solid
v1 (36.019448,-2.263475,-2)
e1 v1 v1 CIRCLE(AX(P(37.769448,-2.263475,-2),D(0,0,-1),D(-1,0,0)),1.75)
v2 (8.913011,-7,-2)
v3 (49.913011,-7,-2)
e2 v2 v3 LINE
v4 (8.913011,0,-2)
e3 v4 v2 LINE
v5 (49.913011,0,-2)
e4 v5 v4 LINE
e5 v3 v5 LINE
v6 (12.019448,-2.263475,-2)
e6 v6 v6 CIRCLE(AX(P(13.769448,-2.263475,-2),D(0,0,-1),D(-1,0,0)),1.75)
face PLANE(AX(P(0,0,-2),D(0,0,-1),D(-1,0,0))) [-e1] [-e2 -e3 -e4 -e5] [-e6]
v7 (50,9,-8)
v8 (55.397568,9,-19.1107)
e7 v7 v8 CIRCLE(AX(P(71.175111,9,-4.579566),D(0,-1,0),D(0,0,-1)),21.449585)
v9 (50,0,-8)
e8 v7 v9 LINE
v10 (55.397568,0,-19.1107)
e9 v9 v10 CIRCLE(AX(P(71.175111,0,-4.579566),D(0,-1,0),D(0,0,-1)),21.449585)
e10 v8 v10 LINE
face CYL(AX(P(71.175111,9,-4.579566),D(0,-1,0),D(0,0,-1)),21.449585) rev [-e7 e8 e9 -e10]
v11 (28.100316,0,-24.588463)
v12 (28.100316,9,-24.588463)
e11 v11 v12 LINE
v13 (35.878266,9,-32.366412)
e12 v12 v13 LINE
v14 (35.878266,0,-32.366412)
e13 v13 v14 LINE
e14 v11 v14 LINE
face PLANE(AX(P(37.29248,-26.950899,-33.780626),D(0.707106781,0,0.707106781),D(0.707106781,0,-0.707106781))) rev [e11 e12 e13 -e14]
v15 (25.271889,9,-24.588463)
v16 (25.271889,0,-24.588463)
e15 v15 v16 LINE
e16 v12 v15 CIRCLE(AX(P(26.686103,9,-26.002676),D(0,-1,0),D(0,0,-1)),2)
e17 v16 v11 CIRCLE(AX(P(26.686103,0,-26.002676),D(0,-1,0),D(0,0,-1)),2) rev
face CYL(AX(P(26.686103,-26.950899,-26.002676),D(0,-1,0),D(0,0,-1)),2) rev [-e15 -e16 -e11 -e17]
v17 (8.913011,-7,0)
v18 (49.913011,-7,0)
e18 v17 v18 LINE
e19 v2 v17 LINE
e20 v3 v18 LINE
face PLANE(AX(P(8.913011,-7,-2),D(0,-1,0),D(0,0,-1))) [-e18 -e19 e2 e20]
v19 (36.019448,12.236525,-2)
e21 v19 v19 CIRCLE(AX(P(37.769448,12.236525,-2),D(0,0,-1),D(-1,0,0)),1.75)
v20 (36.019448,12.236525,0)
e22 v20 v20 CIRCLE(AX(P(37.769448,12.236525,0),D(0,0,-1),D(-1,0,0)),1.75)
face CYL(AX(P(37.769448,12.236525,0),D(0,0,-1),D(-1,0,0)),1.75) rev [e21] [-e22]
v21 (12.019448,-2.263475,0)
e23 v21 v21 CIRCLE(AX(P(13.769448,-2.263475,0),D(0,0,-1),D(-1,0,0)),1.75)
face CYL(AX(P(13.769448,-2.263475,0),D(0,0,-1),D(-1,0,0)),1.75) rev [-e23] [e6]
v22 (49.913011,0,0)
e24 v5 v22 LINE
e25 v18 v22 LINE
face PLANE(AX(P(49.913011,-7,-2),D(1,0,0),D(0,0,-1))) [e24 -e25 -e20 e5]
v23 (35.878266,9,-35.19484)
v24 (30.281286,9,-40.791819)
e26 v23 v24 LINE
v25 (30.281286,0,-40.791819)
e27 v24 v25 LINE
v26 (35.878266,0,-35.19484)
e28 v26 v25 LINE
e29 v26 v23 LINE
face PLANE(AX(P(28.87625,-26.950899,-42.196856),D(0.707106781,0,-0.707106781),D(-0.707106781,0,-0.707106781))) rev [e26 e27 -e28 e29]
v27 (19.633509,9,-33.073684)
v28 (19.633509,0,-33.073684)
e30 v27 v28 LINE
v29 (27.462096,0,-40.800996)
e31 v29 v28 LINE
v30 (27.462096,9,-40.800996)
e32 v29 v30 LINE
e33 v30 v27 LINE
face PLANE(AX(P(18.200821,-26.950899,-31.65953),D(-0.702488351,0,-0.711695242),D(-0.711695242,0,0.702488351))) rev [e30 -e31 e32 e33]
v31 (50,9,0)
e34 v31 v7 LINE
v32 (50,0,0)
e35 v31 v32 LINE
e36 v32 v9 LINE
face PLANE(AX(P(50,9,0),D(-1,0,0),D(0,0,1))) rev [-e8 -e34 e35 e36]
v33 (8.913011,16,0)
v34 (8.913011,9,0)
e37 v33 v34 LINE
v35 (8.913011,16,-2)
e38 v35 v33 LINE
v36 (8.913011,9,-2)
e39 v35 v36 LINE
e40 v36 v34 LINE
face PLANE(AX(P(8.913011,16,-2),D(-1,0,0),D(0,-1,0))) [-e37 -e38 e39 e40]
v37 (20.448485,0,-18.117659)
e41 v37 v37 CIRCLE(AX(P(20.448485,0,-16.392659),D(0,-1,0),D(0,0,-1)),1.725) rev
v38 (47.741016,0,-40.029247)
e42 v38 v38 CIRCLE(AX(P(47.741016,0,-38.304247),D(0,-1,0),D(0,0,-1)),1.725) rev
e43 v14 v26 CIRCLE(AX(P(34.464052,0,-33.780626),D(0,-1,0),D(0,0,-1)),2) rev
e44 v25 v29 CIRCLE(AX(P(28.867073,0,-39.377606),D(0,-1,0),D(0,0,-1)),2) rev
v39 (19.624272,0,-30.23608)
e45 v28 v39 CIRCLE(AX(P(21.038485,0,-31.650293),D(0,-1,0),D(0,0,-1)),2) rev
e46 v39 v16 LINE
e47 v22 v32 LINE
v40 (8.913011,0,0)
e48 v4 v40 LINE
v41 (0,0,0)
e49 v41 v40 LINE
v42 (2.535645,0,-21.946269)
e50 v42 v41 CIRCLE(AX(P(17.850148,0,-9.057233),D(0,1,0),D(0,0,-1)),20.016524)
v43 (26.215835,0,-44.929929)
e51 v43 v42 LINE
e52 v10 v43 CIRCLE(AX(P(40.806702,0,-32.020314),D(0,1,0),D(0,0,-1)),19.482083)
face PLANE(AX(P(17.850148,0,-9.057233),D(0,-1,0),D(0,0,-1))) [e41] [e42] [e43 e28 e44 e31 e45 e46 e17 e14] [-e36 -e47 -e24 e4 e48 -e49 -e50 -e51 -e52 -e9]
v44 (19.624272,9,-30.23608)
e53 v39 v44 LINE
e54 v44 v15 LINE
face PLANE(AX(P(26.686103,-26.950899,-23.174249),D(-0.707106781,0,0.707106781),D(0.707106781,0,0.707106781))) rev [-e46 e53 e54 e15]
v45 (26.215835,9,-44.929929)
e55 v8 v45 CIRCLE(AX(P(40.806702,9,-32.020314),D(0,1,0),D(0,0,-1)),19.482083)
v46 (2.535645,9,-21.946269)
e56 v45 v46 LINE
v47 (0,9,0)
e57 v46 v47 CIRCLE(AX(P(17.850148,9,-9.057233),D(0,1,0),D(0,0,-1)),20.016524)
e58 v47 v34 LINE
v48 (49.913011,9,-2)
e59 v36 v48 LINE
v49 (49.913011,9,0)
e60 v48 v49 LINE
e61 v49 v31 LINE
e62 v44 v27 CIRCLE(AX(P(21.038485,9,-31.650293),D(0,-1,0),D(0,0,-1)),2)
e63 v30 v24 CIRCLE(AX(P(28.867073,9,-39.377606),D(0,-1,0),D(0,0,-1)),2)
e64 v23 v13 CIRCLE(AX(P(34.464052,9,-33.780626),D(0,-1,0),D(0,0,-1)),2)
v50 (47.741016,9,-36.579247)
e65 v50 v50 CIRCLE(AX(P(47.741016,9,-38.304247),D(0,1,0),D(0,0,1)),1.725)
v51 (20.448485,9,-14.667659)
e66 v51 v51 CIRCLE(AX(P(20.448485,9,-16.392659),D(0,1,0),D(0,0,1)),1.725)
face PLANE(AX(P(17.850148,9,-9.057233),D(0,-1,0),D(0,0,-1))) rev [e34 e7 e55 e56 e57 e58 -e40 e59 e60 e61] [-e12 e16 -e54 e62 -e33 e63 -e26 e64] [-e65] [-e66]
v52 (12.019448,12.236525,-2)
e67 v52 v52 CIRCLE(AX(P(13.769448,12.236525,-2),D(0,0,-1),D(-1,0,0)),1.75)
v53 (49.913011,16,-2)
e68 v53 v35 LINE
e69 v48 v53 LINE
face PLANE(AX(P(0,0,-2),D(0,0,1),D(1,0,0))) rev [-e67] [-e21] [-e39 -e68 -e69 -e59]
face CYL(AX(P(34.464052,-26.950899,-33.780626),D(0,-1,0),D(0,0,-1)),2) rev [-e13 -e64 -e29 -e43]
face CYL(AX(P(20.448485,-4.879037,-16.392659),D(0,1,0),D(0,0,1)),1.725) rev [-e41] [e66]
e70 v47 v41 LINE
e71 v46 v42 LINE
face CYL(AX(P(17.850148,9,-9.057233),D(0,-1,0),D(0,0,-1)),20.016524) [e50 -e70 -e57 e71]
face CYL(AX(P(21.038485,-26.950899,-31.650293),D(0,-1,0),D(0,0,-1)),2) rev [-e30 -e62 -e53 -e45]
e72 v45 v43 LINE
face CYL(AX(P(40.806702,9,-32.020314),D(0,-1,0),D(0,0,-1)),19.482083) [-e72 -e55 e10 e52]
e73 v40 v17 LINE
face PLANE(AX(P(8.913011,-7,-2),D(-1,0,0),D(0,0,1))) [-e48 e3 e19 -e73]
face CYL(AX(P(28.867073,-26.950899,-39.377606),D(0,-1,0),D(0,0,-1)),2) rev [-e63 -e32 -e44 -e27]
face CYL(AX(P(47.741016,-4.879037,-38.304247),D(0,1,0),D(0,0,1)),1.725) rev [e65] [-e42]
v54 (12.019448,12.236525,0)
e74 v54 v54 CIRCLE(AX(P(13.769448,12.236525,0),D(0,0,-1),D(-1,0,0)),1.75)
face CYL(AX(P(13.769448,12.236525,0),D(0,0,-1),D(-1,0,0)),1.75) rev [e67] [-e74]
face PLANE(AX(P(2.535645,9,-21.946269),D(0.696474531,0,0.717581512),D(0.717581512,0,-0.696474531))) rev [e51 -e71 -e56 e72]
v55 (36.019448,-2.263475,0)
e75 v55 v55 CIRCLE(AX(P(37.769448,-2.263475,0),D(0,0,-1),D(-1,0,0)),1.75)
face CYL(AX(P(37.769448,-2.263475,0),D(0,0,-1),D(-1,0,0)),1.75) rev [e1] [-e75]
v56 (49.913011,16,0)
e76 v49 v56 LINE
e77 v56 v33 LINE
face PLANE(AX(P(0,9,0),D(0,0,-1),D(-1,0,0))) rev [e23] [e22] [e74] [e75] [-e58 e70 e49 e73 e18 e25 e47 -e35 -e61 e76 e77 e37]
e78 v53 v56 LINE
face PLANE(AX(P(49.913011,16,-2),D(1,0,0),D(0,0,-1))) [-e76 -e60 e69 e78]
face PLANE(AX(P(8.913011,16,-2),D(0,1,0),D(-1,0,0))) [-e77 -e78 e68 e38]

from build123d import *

# Parameters (mm, degrees)
BOSS_EXTRUDE1_DEPTH = 9
SKETCH2_W           = 41
SKETCH2_H           = 7
BOSS_EXTRUDE2_DEPTH = 2
SKETCH3_R           = 1.75
CUT_EXTRUDE1_DEPTH  = 2
SKETCH5_R           = 1.725
CUT_EXTRUDE4_DEPTH  = 9
CUT_EXTRUDE5_DEPTH  = 9
FILLET1_R           = 2


with BuildPart() as part:
    # Sketch1 → Boss-Extrude1 (new body)
    with BuildSketch(Plane(origin=(0, 0, 0), x_dir=(1, 0, 0), z_dir=(0, 1, 0))):
        with BuildLine():
            Line((0, 0), (50, 0))
            Line((50, 0), (50, 8))
            ThreePointArc((50, 8), (51.881677867, 13.952299325), (55.397568431, 19.110699502))
            ThreePointArc((55.397568431, 19.110699502), (53.716316301, 46.611180772), (26.21583503, 44.929928642))
            Line((26.21583503, 44.929928642), (2.535645118, 21.946269105))
            ThreePointArc((2.535645118, 21.946269105), (-2.034097015, 11.354634306), (0, 0))
        make_face()
    extrude(amount=BOSS_EXTRUDE1_DEPTH)

    # Sketch2 → Boss-Extrude2 (add)
    with BuildSketch(Plane.XY):
        with Locations((29.413010925, -3.5)):
            Rectangle(SKETCH2_W, SKETCH2_H)
        with Locations((29.413010925, 12.5)):
            Rectangle(SKETCH2_W, SKETCH2_H)
    extrude(amount=-BOSS_EXTRUDE2_DEPTH)

    # Sketch3 → Cut-Extrude1 (cut)
    with BuildSketch(Plane(origin=(0, 0, -2), x_dir=(-1, 0, 0), z_dir=(0, 0, -1))):
        with Locations((-13.769448398, -2.263474859)):
            Circle(SKETCH3_R)
        with Locations((-37.769448398, -2.263474859)):
            Circle(SKETCH3_R)
        with Locations((-37.769448398, 12.236525141)):
            Circle(SKETCH3_R)
        with Locations((-13.769448398, 12.236525141)):
            Circle(SKETCH3_R)
    extrude(amount=-CUT_EXTRUDE1_DEPTH, mode=Mode.SUBTRACT)

    # Sketch5 → Cut-Extrude4 (cut)
    with BuildSketch(Plane(origin=(0, 9, 0), x_dir=(1, 0, 0), z_dir=(0, 1, 0))):
        with Locations(Location((20.448484722, 16.392658608, 0), (0, 0, 270))):
            Circle(SKETCH5_R)
        with Locations(Location((47.74101634, 38.304247275, 0), (0, 0, 270))):
            Circle(SKETCH5_R)
    extrude(amount=-CUT_EXTRUDE4_DEPTH, mode=Mode.SUBTRACT)

    # Sketch6 → Cut-Extrude5 (cut)
    with BuildSketch(Plane(origin=(0, 9, 0), x_dir=(1, 0, 0), z_dir=(0, 1, 0))):
        Polygon((18.200821257, 31.659530408), (28.87624988, 42.196855672), (37.292479574, 33.780625977), (26.686102631, 23.174249034), align=None)
    extrude(amount=-CUT_EXTRUDE5_DEPTH, mode=Mode.SUBTRACT)

    # Fillet1
    fillet1_edges = [part.edges().sort_by_distance(p)[0] for p in [
        (18.200821257, 4.5, -31.659530408),
        (26.686102631, 4.5, -23.174249034),
        (37.292479574, 4.5, -33.780625977),
        (28.87624988, 4.5, -42.196855672),
    ]]
    fillet(fillet1_edges, radius=FILLET1_R)


solid = part.part
